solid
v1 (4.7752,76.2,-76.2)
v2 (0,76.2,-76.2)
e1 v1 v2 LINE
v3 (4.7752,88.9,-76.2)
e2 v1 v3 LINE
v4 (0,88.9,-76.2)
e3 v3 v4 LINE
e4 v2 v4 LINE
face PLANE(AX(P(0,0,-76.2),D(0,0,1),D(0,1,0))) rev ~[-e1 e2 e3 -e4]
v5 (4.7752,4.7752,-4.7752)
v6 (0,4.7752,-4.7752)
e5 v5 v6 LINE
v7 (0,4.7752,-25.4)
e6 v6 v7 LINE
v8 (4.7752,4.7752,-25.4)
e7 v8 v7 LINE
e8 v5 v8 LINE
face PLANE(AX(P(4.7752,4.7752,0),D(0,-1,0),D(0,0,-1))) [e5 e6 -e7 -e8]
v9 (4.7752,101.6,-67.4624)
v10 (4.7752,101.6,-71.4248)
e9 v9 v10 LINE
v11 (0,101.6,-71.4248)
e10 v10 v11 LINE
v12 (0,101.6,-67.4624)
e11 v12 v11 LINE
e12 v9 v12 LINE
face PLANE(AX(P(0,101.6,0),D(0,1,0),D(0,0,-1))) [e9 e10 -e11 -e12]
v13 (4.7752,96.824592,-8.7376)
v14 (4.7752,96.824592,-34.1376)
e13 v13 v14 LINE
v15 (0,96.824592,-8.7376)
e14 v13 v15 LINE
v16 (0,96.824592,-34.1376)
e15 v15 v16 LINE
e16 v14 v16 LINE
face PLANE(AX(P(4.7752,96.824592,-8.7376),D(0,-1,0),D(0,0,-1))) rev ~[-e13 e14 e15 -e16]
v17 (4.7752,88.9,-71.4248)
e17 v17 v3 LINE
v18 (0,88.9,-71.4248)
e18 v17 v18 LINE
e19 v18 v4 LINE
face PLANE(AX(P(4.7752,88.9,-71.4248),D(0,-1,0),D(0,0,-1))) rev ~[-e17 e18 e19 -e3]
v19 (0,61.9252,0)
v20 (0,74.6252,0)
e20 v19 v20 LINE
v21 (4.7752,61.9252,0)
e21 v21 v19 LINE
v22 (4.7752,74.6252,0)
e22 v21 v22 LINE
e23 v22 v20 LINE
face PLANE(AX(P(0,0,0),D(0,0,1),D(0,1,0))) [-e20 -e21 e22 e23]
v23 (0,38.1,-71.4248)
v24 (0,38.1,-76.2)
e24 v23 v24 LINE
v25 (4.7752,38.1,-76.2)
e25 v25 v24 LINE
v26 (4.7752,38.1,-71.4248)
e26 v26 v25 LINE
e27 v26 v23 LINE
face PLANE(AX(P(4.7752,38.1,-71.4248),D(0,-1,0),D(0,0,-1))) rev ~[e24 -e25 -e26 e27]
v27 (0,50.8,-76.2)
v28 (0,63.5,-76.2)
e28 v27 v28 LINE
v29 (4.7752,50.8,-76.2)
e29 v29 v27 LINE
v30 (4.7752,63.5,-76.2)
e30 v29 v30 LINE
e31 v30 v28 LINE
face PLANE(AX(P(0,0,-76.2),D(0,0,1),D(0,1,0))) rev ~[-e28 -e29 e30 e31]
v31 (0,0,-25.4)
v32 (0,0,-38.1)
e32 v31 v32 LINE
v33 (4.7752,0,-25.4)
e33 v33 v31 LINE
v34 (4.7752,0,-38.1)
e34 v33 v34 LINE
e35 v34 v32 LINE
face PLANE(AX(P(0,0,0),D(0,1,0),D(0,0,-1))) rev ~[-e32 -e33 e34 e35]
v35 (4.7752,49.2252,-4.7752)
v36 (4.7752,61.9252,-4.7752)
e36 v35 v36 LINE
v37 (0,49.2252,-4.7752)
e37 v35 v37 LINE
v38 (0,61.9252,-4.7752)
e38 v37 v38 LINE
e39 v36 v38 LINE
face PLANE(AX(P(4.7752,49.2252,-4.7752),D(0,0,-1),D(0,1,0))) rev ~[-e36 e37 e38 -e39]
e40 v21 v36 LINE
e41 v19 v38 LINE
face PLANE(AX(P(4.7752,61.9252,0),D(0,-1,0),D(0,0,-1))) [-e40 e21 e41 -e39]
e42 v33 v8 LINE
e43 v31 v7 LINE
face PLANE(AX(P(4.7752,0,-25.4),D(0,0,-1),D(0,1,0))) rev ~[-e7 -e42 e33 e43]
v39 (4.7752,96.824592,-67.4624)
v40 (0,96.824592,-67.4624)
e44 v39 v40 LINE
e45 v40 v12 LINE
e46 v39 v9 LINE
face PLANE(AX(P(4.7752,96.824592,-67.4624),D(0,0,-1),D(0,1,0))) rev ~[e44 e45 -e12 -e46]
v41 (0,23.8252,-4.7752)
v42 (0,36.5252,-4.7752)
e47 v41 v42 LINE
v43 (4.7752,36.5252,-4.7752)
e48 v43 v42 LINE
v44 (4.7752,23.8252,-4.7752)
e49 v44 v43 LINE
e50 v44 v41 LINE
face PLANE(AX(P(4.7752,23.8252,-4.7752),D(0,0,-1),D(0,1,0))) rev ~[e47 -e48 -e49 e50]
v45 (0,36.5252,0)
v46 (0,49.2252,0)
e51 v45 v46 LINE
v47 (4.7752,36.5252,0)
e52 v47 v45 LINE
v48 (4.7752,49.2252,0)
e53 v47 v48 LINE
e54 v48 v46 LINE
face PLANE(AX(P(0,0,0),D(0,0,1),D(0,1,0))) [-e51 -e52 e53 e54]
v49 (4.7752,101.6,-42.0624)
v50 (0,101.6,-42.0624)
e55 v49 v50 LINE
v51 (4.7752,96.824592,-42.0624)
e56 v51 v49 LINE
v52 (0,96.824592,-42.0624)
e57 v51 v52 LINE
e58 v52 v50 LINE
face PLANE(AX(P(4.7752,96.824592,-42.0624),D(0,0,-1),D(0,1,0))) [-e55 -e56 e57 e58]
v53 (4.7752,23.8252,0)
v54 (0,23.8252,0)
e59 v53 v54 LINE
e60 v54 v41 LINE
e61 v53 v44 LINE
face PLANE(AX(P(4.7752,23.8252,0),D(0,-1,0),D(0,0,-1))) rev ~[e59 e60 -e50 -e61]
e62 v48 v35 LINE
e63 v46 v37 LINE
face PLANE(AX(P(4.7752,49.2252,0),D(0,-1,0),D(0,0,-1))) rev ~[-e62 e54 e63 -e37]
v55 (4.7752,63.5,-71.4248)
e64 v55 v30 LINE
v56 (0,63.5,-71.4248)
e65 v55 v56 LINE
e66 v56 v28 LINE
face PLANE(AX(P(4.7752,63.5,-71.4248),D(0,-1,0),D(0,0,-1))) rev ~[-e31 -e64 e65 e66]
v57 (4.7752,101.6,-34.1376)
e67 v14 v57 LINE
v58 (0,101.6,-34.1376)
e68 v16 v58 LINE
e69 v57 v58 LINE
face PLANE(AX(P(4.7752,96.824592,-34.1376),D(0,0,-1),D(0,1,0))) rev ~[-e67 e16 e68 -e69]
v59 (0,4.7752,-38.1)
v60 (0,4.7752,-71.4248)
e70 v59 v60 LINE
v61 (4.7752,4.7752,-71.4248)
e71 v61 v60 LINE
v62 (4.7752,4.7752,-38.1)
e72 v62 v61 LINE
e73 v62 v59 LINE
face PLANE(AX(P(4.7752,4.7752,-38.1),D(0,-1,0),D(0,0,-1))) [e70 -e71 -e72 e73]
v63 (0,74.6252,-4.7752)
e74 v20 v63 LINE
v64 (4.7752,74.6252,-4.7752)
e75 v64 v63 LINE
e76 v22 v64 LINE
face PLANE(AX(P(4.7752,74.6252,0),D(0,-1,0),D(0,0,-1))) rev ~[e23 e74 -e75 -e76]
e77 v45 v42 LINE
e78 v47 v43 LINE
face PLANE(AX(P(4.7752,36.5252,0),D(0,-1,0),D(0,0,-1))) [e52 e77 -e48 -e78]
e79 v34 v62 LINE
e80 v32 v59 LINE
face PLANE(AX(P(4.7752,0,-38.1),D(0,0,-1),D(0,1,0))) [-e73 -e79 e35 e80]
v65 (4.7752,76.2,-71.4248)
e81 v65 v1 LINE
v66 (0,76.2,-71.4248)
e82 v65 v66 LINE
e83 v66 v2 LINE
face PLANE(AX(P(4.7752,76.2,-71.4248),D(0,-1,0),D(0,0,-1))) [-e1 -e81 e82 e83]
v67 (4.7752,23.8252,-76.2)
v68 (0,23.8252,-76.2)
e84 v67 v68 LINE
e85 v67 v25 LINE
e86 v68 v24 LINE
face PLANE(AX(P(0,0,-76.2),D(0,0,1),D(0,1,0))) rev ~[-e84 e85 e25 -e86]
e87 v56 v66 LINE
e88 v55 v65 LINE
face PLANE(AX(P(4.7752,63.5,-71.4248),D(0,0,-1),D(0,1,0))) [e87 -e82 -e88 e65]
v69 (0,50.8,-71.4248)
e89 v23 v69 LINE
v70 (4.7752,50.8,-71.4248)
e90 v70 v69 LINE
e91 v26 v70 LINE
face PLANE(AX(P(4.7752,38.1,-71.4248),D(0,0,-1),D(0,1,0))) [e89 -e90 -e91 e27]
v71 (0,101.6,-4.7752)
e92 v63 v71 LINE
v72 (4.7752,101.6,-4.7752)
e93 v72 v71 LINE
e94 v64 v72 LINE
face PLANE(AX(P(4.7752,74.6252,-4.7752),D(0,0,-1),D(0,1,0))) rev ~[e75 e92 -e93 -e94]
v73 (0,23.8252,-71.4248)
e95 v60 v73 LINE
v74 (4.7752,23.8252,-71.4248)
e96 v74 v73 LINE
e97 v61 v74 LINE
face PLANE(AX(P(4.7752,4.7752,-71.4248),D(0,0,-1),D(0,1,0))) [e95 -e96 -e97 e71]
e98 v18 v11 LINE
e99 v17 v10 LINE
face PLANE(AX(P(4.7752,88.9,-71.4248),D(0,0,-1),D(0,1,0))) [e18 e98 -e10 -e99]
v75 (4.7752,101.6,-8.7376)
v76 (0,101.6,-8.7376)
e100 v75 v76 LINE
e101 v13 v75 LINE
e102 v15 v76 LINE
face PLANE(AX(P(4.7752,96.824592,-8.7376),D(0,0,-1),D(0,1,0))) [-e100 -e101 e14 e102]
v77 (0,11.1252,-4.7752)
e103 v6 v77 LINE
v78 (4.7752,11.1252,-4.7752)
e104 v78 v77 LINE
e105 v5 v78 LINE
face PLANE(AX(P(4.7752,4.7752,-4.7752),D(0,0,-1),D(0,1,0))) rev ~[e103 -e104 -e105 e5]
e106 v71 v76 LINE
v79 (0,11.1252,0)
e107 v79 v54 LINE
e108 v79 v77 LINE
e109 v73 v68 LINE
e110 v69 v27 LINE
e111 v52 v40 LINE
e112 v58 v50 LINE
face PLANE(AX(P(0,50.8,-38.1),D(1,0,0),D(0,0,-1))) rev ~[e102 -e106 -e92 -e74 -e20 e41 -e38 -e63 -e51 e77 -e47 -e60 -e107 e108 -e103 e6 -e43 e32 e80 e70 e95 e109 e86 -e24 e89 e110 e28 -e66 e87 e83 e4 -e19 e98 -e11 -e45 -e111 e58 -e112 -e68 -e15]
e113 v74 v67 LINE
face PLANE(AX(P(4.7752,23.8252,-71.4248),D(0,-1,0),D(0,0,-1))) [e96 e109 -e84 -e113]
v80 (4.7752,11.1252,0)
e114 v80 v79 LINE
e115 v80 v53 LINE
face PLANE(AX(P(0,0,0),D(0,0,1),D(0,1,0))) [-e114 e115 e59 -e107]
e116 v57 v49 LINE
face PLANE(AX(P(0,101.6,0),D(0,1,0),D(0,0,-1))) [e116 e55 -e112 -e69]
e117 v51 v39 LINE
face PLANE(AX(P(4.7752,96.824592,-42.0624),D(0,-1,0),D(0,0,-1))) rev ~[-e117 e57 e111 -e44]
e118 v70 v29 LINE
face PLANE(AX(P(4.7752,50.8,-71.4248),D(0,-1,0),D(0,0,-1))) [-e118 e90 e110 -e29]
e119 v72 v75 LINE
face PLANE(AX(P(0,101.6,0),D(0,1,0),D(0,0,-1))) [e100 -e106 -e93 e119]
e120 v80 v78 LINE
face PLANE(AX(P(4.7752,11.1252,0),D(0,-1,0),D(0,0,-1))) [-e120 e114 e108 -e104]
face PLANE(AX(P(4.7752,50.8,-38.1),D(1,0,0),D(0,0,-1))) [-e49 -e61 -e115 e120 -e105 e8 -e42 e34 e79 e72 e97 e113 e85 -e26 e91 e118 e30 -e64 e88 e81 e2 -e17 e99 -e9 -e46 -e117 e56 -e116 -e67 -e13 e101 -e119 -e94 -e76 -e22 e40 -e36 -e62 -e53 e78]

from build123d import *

# Parameters (mm, degrees)
SKETCH2_W           = 76.2
SKETCH2_H           = 101.6
BOSS_EXTRUDE1_DEPTH = 4.7752
SKETCH3_W           = 25.4
SKETCH3_H           = 4.7752
SKETCH3_W_2         = 38.1
CUT_EXTRUDE1_DEPTH  = 6.35
SKETCH4_W           = 4.7752
SKETCH4_H           = 26.9748
SKETCH4_H_2         = 12.7
SKETCH4_H_3         = 6.35
SKETCH4_H_4         = 19.05
CUT_EXTRUDE2_DEPTH  = 6.35
SKETCH6_W           = 12.7
SKETCH6_H           = 4.775408317
CUT_EXTRUDE4_DEPTH  = 4.7752


with BuildPart() as part:
    # Sketch2 → Boss-Extrude1 (new body)
    with BuildSketch(Plane(origin=(0, 0, 0), x_dir=(0, 0, -1), z_dir=(1, 0, 0))):
        with Locations((38.1, 50.8)):
            Rectangle(SKETCH2_W, SKETCH2_H)
    extrude(amount=BOSS_EXTRUDE1_DEPTH)

    # Sketch3 → Cut-Extrude1 (cut)
    with BuildSketch(Plane(origin=(4.7752, 0, 0), x_dir=(0, 0, -1), z_dir=(1, 0, 0))):
        with Locations((12.7, 2.3876)):
            Rectangle(SKETCH3_W, SKETCH3_H)
        with Locations((57.15, 2.3876)):
            Rectangle(SKETCH3_W_2, SKETCH3_H)
    extrude(amount=-CUT_EXTRUDE1_DEPTH, mode=Mode.SUBTRACT)

    # Sketch4 → Cut-Extrude2 (cut)
    with BuildSketch(Plane(origin=(4.7752, 0, 0), x_dir=(0, 0, -1), z_dir=(1, 0, 0))):
        with Locations((2.3876, 88.1126)):
            Rectangle(SKETCH4_W, SKETCH4_H)
        with Locations((73.8124, 95.25)):
            Rectangle(SKETCH4_W, SKETCH4_H_2)
        with Locations((73.8124, 69.85)):
            Rectangle(SKETCH4_W, SKETCH4_H_2)
        with Locations((2.3876, 7.9502)):
            Rectangle(SKETCH4_W, SKETCH4_H_3)
        with Locations((73.8124, 14.3002)):
            Rectangle(SKETCH4_W, SKETCH4_H_4)
        with Locations((73.8124, 44.45)):
            Rectangle(SKETCH4_W, SKETCH4_H_2)
        with Locations((2.3876, 55.5752)):
            Rectangle(SKETCH4_W, SKETCH4_H_2)
        with Locations((2.3876, 30.1752)):
            Rectangle(SKETCH4_W, SKETCH4_H_2)
    extrude(amount=-CUT_EXTRUDE2_DEPTH, mode=Mode.SUBTRACT)

    # Sketch6 → Cut-Extrude4 (cut)
    with BuildSketch(Plane(origin=(4.7752, 0, 0), x_dir=(0, 0, -1), z_dir=(1, 0, 0))):
        with Locations((27.7876, 99.212295842)):
            Rectangle(SKETCH6_W, SKETCH6_H)
        with Locations((15.0876, 99.212295842)):
            Rectangle(SKETCH6_W, SKETCH6_H)
        with Locations((48.4124, 99.212295842)):
            Rectangle(SKETCH6_W, SKETCH6_H)
        with Locations((61.1124, 99.212295842)):
            Rectangle(SKETCH6_W, SKETCH6_H)
    extrude(amount=-CUT_EXTRUDE4_DEPTH, mode=Mode.SUBTRACT)


solid = part.part
